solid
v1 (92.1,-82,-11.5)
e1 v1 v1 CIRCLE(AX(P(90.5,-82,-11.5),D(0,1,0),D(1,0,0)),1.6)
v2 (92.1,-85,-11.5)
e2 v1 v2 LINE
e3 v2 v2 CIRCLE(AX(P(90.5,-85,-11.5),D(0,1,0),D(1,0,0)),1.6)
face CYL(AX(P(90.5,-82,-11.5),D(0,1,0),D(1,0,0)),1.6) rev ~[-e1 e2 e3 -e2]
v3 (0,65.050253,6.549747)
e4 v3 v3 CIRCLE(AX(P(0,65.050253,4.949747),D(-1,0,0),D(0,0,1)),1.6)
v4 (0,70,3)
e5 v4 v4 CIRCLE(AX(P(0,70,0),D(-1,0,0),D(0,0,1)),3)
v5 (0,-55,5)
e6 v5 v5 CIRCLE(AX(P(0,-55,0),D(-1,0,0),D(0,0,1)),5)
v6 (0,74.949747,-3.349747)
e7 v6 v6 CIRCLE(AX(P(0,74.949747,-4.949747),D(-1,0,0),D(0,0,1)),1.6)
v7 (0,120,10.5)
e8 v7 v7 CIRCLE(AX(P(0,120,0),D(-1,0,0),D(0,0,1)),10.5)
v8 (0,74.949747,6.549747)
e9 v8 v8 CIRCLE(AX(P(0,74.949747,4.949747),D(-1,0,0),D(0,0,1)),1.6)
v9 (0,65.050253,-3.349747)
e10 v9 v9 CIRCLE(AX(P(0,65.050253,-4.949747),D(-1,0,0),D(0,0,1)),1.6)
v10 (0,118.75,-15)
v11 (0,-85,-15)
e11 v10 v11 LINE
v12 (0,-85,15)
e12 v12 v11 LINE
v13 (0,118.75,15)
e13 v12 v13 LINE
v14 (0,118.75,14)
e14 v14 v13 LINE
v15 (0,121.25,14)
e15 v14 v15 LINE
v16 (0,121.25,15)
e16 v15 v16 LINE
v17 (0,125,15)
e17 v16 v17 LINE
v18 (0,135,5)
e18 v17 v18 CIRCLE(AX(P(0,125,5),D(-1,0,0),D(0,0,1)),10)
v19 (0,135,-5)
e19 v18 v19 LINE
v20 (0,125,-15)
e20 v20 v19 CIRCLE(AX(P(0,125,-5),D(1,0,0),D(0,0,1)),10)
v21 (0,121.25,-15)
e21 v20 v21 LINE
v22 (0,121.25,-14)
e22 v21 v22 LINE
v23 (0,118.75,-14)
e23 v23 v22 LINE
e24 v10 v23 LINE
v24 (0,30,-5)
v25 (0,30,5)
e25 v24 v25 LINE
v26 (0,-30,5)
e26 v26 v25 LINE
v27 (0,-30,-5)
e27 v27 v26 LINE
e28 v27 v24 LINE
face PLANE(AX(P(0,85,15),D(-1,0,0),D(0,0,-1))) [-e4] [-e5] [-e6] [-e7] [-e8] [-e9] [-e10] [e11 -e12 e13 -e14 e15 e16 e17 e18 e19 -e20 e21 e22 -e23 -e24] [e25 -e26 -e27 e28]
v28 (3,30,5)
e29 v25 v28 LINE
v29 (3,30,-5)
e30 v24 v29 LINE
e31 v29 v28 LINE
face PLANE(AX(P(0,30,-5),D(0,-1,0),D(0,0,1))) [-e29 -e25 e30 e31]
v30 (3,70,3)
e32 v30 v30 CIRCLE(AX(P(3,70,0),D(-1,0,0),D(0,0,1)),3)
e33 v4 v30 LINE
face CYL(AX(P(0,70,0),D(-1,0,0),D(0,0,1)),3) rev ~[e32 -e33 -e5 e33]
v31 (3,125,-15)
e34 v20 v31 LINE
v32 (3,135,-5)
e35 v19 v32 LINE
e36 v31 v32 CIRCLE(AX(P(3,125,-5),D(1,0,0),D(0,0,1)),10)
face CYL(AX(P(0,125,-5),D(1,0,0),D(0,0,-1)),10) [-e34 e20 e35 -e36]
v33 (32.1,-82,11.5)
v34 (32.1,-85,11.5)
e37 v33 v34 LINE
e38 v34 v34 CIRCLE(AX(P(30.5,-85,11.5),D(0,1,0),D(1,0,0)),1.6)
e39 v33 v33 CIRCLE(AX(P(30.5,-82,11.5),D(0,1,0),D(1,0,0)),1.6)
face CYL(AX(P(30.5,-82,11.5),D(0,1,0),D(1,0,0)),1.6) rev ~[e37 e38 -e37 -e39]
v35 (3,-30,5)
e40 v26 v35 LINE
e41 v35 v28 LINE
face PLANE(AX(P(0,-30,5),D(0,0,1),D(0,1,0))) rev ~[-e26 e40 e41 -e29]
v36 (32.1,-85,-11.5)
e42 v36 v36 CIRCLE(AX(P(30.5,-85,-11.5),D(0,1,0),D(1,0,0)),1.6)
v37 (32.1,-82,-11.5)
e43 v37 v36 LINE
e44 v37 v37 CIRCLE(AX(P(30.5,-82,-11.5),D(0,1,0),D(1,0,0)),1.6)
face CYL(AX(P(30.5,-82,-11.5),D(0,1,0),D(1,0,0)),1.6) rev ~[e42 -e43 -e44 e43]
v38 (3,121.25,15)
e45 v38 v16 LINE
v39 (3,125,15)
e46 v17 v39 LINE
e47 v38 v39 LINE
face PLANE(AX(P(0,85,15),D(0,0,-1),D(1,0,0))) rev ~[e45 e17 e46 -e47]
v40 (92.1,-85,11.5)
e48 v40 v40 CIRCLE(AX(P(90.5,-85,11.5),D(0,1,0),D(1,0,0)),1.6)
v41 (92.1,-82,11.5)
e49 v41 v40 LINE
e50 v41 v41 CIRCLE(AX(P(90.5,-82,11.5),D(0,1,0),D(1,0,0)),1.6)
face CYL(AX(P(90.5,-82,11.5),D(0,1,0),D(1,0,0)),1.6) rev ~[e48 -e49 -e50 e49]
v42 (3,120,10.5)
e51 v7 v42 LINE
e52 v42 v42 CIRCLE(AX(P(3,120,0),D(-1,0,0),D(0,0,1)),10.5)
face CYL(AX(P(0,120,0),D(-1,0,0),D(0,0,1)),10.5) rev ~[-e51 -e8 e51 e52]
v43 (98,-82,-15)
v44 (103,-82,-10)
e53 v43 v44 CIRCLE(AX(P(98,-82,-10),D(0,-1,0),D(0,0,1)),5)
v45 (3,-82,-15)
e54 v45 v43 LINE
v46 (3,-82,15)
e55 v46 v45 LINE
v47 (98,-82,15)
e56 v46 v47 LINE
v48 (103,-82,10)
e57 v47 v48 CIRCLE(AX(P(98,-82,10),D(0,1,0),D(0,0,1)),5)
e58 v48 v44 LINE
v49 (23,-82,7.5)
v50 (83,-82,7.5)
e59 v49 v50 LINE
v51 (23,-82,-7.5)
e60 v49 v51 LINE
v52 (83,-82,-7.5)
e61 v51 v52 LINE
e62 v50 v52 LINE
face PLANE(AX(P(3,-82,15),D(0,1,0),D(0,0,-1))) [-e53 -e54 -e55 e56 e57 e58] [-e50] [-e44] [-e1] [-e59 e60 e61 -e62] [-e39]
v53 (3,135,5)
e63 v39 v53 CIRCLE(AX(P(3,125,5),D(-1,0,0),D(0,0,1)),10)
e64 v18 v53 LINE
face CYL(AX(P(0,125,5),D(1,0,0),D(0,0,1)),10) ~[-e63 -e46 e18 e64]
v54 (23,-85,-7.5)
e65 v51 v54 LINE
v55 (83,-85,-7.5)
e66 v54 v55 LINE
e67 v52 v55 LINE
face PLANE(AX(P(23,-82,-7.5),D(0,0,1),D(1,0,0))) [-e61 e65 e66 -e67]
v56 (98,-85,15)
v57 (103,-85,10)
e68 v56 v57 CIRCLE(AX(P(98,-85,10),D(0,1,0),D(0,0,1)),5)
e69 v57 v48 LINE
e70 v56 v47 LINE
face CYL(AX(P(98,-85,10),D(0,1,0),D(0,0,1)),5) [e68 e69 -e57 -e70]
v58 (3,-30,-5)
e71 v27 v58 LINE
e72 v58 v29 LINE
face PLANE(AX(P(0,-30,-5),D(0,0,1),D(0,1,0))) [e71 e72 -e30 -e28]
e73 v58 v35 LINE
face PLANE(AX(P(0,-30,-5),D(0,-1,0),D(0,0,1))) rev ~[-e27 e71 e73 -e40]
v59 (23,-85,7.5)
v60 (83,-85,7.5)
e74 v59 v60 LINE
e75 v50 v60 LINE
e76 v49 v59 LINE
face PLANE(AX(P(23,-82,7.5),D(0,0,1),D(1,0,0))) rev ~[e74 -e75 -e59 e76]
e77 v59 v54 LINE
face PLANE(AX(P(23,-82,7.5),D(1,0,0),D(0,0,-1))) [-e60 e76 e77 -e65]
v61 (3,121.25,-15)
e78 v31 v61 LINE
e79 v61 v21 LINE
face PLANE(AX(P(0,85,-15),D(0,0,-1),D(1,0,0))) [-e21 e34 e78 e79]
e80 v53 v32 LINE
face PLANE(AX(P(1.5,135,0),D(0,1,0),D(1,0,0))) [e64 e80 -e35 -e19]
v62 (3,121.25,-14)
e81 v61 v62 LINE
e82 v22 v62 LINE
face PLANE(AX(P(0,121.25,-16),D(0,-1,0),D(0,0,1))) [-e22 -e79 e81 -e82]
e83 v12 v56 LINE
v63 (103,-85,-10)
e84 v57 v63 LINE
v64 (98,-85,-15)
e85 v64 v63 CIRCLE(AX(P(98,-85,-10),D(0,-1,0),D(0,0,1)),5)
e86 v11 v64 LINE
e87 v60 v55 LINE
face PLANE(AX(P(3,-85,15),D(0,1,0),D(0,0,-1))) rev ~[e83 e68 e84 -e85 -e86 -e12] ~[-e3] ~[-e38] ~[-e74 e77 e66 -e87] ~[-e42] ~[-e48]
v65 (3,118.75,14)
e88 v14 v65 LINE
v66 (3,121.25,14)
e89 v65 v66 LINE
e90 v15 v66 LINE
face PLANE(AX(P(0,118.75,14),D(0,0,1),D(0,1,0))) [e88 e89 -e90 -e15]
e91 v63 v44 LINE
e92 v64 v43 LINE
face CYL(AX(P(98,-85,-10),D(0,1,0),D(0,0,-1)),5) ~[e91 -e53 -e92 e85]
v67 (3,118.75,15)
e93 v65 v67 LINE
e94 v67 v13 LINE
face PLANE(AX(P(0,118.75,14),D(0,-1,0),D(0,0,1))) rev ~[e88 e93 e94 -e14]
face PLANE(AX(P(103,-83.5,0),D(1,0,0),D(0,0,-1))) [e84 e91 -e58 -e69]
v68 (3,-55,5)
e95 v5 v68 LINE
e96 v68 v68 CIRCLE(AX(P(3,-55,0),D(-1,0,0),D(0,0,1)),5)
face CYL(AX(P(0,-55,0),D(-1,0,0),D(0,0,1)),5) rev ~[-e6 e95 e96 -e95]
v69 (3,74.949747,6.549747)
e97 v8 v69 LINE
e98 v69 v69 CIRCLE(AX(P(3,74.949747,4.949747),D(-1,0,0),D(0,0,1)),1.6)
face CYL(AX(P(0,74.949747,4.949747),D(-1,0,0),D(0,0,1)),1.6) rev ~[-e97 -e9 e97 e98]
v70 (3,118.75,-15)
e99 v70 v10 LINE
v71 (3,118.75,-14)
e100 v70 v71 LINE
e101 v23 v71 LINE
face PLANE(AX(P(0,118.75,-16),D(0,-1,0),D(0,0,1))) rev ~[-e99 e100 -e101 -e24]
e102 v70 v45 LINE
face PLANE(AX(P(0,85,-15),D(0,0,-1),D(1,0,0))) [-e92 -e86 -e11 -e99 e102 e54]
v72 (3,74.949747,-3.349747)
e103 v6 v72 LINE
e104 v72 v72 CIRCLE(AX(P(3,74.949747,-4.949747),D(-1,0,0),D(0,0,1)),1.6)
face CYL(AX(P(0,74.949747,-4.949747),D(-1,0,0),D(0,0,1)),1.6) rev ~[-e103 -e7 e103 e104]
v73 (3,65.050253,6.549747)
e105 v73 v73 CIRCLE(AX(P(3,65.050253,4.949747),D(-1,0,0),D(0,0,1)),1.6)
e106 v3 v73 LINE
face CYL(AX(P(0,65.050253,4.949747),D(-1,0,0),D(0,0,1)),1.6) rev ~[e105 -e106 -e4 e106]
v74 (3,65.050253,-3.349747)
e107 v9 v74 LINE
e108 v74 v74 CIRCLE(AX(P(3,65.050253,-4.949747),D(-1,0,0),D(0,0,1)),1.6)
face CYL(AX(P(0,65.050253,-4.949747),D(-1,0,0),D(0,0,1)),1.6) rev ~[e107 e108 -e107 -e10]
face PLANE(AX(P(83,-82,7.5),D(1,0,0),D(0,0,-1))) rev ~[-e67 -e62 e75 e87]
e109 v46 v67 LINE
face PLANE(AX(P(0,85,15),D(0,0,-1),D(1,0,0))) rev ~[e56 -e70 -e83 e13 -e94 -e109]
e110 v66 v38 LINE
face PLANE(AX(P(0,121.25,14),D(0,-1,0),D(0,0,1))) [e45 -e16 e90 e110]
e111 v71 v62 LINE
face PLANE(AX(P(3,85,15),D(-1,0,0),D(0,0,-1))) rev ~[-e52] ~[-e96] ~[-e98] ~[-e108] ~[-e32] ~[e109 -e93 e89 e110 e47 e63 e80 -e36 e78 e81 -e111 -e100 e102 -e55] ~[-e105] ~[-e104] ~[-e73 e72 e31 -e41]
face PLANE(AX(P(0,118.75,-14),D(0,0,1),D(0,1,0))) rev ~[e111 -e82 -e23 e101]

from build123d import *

# Parameters (mm, degrees)
SKETCH_1_W          = 30
SKETCH_1_H          = 170
EXTRUDE_1_DEPTH     = 3
SKETCH_2_W          = 30
SKETCH_2_H          = 3
EXTRUDE_2_DEPTH     = 100
SKETCH_4_R          = 1.6
SKETCH_4_R_2        = 3
CUT_EXTRUDE_1_DEPTH = 104
SKETCH_5_W          = 3
SKETCH_5_H          = 30
EXTRUDE_3_DEPTH     = 50
SKETCH_6_R          = 10.5
SKETCH_6_W          = 2
SKETCH_6_H          = 2.5
CUT_EXTRUDE_2_DEPTH = 104
FILLET_1_R          = 10
SKETCH_7_R          = 1.6
SKETCH_7_W          = 60
SKETCH_7_H          = 15
CUT_EXTRUDE_3_DEPTH = 4
FILLET_2_R          = 5
SKETCH_8_R          = 5
SKETCH_8_W          = 10
SKETCH_8_H          = 60
CUT_EXTRUDE_4_DEPTH = 104


with BuildPart() as part:
    # 草图1 → 凸台-拉伸1 (new body)
    with BuildSketch(Plane(origin=(0, 0, 0), x_dir=(0, 0, -1), z_dir=(1, 0, 0))):
        Rectangle(SKETCH_1_W, SKETCH_1_H)
    extrude(amount=EXTRUDE_1_DEPTH)

    # 草图2 → 凸台-拉伸2 (add)
    with BuildSketch(Plane(origin=(3, 0, 0), x_dir=(0, 0, -1), z_dir=(1, 0, 0))):
        with Locations((0, -83.5)):
            Rectangle(SKETCH_2_W, SKETCH_2_H)
    extrude(amount=EXTRUDE_2_DEPTH)

    # 草图4 → 切除-拉伸1 (cut, through all)
    with BuildSketch(Plane.ZY):
        with Locations((-4.949747468, 74.949747468)):
            Circle(SKETCH_4_R)
        with Locations((4.949747468, 74.949747468)):
            Circle(SKETCH_4_R)
        with Locations((4.949747468, 65.050252532)):
            Circle(SKETCH_4_R)
        with Locations((-4.949747468, 65.050252532)):
            Circle(SKETCH_4_R)
        with Locations((0, 70)):
            Circle(SKETCH_4_R_2)
    extrude(amount=-CUT_EXTRUDE_1_DEPTH, mode=Mode.SUBTRACT)

    # 草图5 → 凸台-拉伸3 (add)
    with BuildSketch(Plane(origin=(0, 85, 0), x_dir=(1, 0, 0), z_dir=(0, 1, 0))):
        with Locations((1.5, 0)):
            Rectangle(SKETCH_5_W, SKETCH_5_H)
    extrude(amount=EXTRUDE_3_DEPTH)

    # 草图6 → 切除-拉伸2 (cut, through all)
    with BuildSketch(Plane.ZY):
        with Locations((0, 120)):
            Circle(SKETCH_6_R)
        with Locations((-15, 120)):
            Rectangle(SKETCH_6_W, SKETCH_6_H)
        with Locations((15, 120)):
            Rectangle(SKETCH_6_W, SKETCH_6_H)
    extrude(amount=-CUT_EXTRUDE_2_DEPTH, mode=Mode.SUBTRACT)

    # 圆角1
    fillet_1_edges = [part.edges().sort_by_distance(p)[0] for p in [
        (1.5, 135, 15),
        (1.5, 135, -15),
    ]]
    fillet(fillet_1_edges, radius=FILLET_1_R)

    # 草图7 → 切除-拉伸3 (cut, through all)
    with BuildSketch(Plane(origin=(0, -82, 0), x_dir=(1, 0, 0), z_dir=(0, 1, 0))):
        with Locations((90.5, 11.5)):
            Circle(SKETCH_7_R)
        with Locations((30.5, 11.5)):
            Circle(SKETCH_7_R)
        with Locations((90.5, -11.5)):
            Circle(SKETCH_7_R)
        with Locations((30.5, -11.5)):
            Circle(SKETCH_7_R)
        with Locations((53, 0)):
            Rectangle(SKETCH_7_W, SKETCH_7_H)
    extrude(amount=-CUT_EXTRUDE_3_DEPTH, mode=Mode.SUBTRACT)

    # 圆角2
    fillet_2_edges = [part.edges().sort_by_distance(p)[0] for p in [
        (103, -83.5, 15),
        (103, -83.5, -15),
    ]]
    fillet(fillet_2_edges, radius=FILLET_2_R)

    # 草图8 → 切除-拉伸4 (cut, through all)
    with BuildSketch(Plane.ZY):
        with Locations((0, -55)):
            Circle(SKETCH_8_R)
        Rectangle(SKETCH_8_W, SKETCH_8_H)
    extrude(amount=-CUT_EXTRUDE_4_DEPTH, mode=Mode.SUBTRACT)


solid = part.part
